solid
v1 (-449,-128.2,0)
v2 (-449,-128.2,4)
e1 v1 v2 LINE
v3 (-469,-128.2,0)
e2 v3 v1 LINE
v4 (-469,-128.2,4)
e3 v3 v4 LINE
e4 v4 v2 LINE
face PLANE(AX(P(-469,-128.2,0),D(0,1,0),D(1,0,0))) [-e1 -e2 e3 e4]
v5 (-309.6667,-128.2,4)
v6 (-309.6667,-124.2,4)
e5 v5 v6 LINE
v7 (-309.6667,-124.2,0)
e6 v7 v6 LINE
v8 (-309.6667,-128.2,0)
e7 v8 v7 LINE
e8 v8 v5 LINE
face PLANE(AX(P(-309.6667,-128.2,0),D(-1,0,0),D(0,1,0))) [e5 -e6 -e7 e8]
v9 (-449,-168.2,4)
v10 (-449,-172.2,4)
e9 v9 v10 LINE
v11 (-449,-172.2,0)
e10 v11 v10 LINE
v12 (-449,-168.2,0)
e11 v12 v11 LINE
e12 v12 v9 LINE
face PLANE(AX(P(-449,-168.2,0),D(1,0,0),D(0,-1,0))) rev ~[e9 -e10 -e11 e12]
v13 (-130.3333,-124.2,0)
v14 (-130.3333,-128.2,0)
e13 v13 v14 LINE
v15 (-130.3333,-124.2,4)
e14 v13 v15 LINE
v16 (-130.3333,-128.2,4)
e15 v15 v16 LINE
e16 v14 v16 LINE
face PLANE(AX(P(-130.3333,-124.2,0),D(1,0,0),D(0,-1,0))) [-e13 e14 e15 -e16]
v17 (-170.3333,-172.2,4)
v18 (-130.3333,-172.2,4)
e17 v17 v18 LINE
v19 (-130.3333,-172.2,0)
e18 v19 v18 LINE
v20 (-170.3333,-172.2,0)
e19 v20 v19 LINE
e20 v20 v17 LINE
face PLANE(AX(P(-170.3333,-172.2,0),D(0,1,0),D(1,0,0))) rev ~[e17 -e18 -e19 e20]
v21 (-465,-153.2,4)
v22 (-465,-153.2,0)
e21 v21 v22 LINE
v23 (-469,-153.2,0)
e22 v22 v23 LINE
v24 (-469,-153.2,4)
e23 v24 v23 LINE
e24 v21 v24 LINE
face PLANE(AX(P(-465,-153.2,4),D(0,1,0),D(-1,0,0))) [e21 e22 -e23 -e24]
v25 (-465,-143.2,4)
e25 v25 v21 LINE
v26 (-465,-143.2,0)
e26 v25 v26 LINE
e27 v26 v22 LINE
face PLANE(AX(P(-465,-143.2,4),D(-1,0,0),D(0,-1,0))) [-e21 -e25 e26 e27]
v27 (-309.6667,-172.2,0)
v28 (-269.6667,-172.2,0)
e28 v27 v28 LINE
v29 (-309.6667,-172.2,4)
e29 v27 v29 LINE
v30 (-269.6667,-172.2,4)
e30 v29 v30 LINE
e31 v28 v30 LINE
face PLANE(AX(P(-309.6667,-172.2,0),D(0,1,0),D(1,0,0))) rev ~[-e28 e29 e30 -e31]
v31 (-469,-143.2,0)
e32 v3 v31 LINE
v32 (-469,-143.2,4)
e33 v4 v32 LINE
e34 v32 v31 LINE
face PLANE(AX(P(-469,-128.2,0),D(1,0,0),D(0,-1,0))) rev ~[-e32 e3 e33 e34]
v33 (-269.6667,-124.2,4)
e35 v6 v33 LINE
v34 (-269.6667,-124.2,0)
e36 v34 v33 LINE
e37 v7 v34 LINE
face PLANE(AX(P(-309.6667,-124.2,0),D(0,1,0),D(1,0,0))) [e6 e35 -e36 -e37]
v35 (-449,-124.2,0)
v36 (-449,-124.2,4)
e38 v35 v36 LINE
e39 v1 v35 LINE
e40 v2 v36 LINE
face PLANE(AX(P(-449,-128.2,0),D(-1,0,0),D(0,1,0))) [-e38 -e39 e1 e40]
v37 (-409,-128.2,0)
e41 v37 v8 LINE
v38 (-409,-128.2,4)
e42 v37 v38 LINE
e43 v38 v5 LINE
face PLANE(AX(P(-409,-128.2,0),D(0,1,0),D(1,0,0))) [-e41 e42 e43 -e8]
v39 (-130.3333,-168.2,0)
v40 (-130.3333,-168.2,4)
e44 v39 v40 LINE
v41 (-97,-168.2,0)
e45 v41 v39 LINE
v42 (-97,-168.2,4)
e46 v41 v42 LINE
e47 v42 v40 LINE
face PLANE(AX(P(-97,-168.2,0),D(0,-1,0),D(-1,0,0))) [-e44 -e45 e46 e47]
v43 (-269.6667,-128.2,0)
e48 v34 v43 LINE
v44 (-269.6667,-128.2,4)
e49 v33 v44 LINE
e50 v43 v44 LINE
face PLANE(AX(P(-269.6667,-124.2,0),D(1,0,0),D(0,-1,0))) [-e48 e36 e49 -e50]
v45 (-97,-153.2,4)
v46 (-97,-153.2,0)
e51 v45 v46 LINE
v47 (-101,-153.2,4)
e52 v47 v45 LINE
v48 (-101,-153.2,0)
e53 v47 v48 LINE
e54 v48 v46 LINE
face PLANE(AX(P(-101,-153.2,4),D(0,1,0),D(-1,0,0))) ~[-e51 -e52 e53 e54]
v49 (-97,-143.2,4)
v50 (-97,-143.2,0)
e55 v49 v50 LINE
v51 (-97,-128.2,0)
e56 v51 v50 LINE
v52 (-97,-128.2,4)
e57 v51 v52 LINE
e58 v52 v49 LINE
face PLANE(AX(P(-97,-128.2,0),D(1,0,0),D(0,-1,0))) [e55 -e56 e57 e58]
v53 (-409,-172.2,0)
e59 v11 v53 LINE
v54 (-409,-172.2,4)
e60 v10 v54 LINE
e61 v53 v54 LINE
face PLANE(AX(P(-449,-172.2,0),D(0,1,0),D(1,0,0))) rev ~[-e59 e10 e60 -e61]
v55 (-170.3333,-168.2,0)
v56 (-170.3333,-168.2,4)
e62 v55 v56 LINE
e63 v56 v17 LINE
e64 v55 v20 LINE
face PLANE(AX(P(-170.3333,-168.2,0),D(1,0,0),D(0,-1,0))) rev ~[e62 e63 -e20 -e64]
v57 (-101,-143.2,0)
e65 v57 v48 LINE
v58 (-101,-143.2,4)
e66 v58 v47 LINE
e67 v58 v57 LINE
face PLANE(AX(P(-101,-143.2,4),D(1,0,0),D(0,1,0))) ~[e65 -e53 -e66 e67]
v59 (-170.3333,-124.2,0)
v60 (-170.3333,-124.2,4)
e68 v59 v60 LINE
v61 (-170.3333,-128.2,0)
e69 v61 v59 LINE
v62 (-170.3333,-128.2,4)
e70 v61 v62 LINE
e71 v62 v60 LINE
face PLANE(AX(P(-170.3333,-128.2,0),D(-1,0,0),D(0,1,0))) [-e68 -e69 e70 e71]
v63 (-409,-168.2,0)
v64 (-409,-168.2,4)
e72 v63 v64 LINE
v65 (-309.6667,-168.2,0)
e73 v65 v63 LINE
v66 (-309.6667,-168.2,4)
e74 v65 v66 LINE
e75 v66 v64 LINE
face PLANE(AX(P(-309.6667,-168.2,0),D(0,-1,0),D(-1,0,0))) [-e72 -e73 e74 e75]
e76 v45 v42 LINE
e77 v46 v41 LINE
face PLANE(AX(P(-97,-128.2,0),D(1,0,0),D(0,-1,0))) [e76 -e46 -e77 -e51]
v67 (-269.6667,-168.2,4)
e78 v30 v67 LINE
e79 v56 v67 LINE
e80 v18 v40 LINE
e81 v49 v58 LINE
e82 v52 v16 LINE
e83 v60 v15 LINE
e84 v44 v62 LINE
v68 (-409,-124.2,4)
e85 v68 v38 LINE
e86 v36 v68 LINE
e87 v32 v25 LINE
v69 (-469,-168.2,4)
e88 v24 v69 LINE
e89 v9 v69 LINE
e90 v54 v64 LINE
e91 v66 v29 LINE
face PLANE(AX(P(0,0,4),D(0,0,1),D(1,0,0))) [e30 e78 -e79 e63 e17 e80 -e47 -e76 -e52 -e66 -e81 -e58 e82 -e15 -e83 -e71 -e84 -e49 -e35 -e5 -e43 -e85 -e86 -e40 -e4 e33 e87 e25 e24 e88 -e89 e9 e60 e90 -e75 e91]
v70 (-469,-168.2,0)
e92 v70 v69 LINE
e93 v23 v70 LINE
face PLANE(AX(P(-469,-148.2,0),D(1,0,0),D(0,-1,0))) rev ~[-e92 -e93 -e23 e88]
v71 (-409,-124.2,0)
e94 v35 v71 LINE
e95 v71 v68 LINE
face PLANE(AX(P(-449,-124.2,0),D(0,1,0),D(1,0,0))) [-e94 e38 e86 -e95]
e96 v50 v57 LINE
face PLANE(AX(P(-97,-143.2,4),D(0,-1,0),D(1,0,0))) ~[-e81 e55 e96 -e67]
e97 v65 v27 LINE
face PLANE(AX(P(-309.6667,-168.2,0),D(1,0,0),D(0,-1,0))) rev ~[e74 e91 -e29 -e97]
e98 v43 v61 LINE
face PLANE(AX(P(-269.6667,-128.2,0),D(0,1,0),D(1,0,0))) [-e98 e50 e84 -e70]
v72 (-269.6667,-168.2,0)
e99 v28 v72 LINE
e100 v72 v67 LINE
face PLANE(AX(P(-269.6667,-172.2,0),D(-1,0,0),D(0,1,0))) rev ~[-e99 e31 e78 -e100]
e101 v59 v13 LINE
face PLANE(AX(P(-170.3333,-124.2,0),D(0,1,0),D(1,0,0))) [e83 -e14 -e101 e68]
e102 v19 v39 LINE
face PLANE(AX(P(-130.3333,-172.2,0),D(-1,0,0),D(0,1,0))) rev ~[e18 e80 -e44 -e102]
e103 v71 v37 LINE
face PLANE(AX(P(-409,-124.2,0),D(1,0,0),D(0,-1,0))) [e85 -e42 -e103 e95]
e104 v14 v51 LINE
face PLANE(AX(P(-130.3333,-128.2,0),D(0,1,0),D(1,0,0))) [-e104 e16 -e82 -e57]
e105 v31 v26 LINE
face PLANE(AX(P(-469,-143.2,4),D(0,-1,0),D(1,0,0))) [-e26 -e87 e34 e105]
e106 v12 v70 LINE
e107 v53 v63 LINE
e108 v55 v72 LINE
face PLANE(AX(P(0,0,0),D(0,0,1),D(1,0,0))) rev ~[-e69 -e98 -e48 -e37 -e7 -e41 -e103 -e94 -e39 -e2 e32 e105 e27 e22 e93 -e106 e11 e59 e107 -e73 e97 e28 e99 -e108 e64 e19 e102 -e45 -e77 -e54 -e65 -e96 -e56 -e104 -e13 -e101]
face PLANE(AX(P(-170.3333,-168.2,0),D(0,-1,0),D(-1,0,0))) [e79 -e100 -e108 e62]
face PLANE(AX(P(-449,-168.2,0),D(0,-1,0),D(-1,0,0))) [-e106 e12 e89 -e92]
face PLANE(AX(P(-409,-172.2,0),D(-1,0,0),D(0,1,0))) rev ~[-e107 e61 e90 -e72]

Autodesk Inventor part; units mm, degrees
ref_plane "YZ Plane" through (0, 0, 0) normal (1, 0, 0) x (0, 1, 0)
ref_plane "XZ Plane" through (0, 0, 0) normal (0, 1, 0) x (-1, 0, 0)
sketch "Sketch2" plane through (0, 0, 0) normal (0, 0, 1) x (1, 0, 0)
  line L0 (-469, -128.2) -> (-449, -128.2)
  line L1 (-449, -128.2) -> (-449, -124.2)
  line L2 (-449, -124.2) -> (-409, -124.2)
  line L3 (-409, -124.2) -> (-409, -128.2)
  line L4 (-409, -128.2) -> (-309.6667, -128.2)
  line L5 (-309.6667, -128.2) -> (-309.6667, -124.2)
  line L6 (-309.6667, -124.2) -> (-269.6667, -124.2)
  line L7 (-269.6667, -124.2) -> (-269.6667, -128.2)
  line L8 (-269.6667, -128.2) -> (-170.3333, -128.2)
  line L9 (-170.3333, -128.2) -> (-170.3333, -124.2)
  line L10 (-170.3333, -124.2) -> (-130.3333, -124.2)
  line L11 (-130.3333, -124.2) -> (-130.3333, -128.2)
  line L12 (-130.3333, -128.2) -> (-101, -128.2)
  line L13 (-101, -128.2) -> (-97, -128.2)
  line L14 (-97, -128.2) -> (-97, -168.2)
  line L15 (-469, -128.2) -> (-469, -168.2)
  line L16 (-469, -148.2) -> (-513.1523, -148.2)
  line L17 (-170.3333, -168.2) -> (-170.3333, -172.2)
  line L18 (-309.6667, -168.2) -> (-309.6667, -172.2)
  line L19 (-130.3333, -172.2) -> (-130.3333, -168.2)
  line L20 (-449, -172.2) -> (-409, -172.2)
  line L21 (-449, -168.2) -> (-449, -172.2)
  line L22 (-409, -172.2) -> (-409, -168.2)
  line L23 (-269.6667, -172.2) -> (-269.6667, -168.2)
  line L24 (-309.6667, -172.2) -> (-269.6667, -172.2)
  line L25 (-170.3333, -172.2) -> (-130.3333, -172.2)
  line L26 (-449, -168.2) -> (-469, -168.2)
  line L27 (-309.6667, -168.2) -> (-409, -168.2)
  line L28 (-97, -168.2) -> (-130.3333, -168.2)
  line L29 (-170.3333, -168.2) -> (-269.6667, -168.2)
  point P0 (0, 0)
  dimension "d2" = 4
  dimension "d3" = 40
extrude "Extrusion2" add sketch "Sketch2" along normal blind 4
sketch "Sketch4" plane through (0, 0, 4) normal (0, 0, 1) x (1, 0, 0)
  line L0 (-170.3333, -128.2) -> (-269.6667, -128.2) projected
  line L1 (-269.6667, -128.2) -> (-269.6667, -124.2) projected
  line L2 (-269.6667, -124.2) -> (-309.6667, -124.2) projected
  line L3 (-309.6667, -124.2) -> (-309.6667, -128.2) projected
  line L4 (-309.6667, -128.2) -> (-409, -128.2) projected
  line L5 (-409, -128.2) -> (-409, -124.2) projected
  line L6 (-409, -124.2) -> (-449, -124.2) projected
  line L7 (-449, -124.2) -> (-449, -128.2) projected
  line L8 (-449, -128.2) -> (-469, -128.2) projected
  line L9 (-469, -128.2) -> (-469, -168.2) projected
  line L10 (-469, -168.2) -> (-449, -168.2) projected
  line L11 (-449, -168.2) -> (-449, -172.2) projected
  line L12 (-449, -172.2) -> (-409, -172.2) projected
  line L13 (-409, -172.2) -> (-409, -168.2) projected
  line L14 (-409, -168.2) -> (-309.6667, -168.2) projected
  line L15 (-309.6667, -168.2) -> (-309.6667, -172.2) projected
  line L16 (-309.6667, -172.2) -> (-269.6667, -172.2) projected
  line L17 (-269.6667, -172.2) -> (-269.6667, -168.2) projected
  line L18 (-269.6667, -168.2) -> (-170.3333, -168.2) projected
  line L19 (-170.3333, -168.2) -> (-170.3333, -172.2) projected
  line L20 (-170.3333, -172.2) -> (-130.3333, -172.2) projected
  line L21 (-130.3333, -172.2) -> (-130.3333, -168.2) projected
  line L22 (-130.3333, -168.2) -> (-97, -168.2) projected
  line L23 (-97, -168.2) -> (-97, -128.2) projected
  line L24 (-97, -128.2) -> (-130.3333, -128.2) projected
  line L25 (-130.3333, -128.2) -> (-130.3333, -124.2) projected
  line L26 (-130.3333, -124.2) -> (-170.3333, -124.2) projected
  line L27 (-170.3333, -124.2) -> (-170.3333, -128.2) projected
  line L28 (-469, -143.2) -> (-465, -143.2)
  line L29 (-465, -143.2) -> (-465, -153.2)
  line L30 (-465, -153.2) -> (-469, -153.2)
  line L31 (-469, -153.2) -> (-469, -143.2)
  line L32 (-469, -128.2) -> (-469, -168.2) projected
  point P0 (0, 0)
  point P1 (-469, -148.2)
  dimension "d13" = 4
  dimension "d14" = 10
  dimension "d17" = 40
  dimension "d18" = 15
extrude "Extrusion4" cut sketch "Sketch4" against normal blind 4 contours L28 L29 L30 L9
ref_plane "Work Plane1" through (-283, -128.2, 0) normal (-1, 0, 0) x (0, 0, 1)
mirror "Mirror1" about plane through (-283, -128.2, 0) normal (-1, 0, 0) of "Extrusion4"
properties part number "F6"
